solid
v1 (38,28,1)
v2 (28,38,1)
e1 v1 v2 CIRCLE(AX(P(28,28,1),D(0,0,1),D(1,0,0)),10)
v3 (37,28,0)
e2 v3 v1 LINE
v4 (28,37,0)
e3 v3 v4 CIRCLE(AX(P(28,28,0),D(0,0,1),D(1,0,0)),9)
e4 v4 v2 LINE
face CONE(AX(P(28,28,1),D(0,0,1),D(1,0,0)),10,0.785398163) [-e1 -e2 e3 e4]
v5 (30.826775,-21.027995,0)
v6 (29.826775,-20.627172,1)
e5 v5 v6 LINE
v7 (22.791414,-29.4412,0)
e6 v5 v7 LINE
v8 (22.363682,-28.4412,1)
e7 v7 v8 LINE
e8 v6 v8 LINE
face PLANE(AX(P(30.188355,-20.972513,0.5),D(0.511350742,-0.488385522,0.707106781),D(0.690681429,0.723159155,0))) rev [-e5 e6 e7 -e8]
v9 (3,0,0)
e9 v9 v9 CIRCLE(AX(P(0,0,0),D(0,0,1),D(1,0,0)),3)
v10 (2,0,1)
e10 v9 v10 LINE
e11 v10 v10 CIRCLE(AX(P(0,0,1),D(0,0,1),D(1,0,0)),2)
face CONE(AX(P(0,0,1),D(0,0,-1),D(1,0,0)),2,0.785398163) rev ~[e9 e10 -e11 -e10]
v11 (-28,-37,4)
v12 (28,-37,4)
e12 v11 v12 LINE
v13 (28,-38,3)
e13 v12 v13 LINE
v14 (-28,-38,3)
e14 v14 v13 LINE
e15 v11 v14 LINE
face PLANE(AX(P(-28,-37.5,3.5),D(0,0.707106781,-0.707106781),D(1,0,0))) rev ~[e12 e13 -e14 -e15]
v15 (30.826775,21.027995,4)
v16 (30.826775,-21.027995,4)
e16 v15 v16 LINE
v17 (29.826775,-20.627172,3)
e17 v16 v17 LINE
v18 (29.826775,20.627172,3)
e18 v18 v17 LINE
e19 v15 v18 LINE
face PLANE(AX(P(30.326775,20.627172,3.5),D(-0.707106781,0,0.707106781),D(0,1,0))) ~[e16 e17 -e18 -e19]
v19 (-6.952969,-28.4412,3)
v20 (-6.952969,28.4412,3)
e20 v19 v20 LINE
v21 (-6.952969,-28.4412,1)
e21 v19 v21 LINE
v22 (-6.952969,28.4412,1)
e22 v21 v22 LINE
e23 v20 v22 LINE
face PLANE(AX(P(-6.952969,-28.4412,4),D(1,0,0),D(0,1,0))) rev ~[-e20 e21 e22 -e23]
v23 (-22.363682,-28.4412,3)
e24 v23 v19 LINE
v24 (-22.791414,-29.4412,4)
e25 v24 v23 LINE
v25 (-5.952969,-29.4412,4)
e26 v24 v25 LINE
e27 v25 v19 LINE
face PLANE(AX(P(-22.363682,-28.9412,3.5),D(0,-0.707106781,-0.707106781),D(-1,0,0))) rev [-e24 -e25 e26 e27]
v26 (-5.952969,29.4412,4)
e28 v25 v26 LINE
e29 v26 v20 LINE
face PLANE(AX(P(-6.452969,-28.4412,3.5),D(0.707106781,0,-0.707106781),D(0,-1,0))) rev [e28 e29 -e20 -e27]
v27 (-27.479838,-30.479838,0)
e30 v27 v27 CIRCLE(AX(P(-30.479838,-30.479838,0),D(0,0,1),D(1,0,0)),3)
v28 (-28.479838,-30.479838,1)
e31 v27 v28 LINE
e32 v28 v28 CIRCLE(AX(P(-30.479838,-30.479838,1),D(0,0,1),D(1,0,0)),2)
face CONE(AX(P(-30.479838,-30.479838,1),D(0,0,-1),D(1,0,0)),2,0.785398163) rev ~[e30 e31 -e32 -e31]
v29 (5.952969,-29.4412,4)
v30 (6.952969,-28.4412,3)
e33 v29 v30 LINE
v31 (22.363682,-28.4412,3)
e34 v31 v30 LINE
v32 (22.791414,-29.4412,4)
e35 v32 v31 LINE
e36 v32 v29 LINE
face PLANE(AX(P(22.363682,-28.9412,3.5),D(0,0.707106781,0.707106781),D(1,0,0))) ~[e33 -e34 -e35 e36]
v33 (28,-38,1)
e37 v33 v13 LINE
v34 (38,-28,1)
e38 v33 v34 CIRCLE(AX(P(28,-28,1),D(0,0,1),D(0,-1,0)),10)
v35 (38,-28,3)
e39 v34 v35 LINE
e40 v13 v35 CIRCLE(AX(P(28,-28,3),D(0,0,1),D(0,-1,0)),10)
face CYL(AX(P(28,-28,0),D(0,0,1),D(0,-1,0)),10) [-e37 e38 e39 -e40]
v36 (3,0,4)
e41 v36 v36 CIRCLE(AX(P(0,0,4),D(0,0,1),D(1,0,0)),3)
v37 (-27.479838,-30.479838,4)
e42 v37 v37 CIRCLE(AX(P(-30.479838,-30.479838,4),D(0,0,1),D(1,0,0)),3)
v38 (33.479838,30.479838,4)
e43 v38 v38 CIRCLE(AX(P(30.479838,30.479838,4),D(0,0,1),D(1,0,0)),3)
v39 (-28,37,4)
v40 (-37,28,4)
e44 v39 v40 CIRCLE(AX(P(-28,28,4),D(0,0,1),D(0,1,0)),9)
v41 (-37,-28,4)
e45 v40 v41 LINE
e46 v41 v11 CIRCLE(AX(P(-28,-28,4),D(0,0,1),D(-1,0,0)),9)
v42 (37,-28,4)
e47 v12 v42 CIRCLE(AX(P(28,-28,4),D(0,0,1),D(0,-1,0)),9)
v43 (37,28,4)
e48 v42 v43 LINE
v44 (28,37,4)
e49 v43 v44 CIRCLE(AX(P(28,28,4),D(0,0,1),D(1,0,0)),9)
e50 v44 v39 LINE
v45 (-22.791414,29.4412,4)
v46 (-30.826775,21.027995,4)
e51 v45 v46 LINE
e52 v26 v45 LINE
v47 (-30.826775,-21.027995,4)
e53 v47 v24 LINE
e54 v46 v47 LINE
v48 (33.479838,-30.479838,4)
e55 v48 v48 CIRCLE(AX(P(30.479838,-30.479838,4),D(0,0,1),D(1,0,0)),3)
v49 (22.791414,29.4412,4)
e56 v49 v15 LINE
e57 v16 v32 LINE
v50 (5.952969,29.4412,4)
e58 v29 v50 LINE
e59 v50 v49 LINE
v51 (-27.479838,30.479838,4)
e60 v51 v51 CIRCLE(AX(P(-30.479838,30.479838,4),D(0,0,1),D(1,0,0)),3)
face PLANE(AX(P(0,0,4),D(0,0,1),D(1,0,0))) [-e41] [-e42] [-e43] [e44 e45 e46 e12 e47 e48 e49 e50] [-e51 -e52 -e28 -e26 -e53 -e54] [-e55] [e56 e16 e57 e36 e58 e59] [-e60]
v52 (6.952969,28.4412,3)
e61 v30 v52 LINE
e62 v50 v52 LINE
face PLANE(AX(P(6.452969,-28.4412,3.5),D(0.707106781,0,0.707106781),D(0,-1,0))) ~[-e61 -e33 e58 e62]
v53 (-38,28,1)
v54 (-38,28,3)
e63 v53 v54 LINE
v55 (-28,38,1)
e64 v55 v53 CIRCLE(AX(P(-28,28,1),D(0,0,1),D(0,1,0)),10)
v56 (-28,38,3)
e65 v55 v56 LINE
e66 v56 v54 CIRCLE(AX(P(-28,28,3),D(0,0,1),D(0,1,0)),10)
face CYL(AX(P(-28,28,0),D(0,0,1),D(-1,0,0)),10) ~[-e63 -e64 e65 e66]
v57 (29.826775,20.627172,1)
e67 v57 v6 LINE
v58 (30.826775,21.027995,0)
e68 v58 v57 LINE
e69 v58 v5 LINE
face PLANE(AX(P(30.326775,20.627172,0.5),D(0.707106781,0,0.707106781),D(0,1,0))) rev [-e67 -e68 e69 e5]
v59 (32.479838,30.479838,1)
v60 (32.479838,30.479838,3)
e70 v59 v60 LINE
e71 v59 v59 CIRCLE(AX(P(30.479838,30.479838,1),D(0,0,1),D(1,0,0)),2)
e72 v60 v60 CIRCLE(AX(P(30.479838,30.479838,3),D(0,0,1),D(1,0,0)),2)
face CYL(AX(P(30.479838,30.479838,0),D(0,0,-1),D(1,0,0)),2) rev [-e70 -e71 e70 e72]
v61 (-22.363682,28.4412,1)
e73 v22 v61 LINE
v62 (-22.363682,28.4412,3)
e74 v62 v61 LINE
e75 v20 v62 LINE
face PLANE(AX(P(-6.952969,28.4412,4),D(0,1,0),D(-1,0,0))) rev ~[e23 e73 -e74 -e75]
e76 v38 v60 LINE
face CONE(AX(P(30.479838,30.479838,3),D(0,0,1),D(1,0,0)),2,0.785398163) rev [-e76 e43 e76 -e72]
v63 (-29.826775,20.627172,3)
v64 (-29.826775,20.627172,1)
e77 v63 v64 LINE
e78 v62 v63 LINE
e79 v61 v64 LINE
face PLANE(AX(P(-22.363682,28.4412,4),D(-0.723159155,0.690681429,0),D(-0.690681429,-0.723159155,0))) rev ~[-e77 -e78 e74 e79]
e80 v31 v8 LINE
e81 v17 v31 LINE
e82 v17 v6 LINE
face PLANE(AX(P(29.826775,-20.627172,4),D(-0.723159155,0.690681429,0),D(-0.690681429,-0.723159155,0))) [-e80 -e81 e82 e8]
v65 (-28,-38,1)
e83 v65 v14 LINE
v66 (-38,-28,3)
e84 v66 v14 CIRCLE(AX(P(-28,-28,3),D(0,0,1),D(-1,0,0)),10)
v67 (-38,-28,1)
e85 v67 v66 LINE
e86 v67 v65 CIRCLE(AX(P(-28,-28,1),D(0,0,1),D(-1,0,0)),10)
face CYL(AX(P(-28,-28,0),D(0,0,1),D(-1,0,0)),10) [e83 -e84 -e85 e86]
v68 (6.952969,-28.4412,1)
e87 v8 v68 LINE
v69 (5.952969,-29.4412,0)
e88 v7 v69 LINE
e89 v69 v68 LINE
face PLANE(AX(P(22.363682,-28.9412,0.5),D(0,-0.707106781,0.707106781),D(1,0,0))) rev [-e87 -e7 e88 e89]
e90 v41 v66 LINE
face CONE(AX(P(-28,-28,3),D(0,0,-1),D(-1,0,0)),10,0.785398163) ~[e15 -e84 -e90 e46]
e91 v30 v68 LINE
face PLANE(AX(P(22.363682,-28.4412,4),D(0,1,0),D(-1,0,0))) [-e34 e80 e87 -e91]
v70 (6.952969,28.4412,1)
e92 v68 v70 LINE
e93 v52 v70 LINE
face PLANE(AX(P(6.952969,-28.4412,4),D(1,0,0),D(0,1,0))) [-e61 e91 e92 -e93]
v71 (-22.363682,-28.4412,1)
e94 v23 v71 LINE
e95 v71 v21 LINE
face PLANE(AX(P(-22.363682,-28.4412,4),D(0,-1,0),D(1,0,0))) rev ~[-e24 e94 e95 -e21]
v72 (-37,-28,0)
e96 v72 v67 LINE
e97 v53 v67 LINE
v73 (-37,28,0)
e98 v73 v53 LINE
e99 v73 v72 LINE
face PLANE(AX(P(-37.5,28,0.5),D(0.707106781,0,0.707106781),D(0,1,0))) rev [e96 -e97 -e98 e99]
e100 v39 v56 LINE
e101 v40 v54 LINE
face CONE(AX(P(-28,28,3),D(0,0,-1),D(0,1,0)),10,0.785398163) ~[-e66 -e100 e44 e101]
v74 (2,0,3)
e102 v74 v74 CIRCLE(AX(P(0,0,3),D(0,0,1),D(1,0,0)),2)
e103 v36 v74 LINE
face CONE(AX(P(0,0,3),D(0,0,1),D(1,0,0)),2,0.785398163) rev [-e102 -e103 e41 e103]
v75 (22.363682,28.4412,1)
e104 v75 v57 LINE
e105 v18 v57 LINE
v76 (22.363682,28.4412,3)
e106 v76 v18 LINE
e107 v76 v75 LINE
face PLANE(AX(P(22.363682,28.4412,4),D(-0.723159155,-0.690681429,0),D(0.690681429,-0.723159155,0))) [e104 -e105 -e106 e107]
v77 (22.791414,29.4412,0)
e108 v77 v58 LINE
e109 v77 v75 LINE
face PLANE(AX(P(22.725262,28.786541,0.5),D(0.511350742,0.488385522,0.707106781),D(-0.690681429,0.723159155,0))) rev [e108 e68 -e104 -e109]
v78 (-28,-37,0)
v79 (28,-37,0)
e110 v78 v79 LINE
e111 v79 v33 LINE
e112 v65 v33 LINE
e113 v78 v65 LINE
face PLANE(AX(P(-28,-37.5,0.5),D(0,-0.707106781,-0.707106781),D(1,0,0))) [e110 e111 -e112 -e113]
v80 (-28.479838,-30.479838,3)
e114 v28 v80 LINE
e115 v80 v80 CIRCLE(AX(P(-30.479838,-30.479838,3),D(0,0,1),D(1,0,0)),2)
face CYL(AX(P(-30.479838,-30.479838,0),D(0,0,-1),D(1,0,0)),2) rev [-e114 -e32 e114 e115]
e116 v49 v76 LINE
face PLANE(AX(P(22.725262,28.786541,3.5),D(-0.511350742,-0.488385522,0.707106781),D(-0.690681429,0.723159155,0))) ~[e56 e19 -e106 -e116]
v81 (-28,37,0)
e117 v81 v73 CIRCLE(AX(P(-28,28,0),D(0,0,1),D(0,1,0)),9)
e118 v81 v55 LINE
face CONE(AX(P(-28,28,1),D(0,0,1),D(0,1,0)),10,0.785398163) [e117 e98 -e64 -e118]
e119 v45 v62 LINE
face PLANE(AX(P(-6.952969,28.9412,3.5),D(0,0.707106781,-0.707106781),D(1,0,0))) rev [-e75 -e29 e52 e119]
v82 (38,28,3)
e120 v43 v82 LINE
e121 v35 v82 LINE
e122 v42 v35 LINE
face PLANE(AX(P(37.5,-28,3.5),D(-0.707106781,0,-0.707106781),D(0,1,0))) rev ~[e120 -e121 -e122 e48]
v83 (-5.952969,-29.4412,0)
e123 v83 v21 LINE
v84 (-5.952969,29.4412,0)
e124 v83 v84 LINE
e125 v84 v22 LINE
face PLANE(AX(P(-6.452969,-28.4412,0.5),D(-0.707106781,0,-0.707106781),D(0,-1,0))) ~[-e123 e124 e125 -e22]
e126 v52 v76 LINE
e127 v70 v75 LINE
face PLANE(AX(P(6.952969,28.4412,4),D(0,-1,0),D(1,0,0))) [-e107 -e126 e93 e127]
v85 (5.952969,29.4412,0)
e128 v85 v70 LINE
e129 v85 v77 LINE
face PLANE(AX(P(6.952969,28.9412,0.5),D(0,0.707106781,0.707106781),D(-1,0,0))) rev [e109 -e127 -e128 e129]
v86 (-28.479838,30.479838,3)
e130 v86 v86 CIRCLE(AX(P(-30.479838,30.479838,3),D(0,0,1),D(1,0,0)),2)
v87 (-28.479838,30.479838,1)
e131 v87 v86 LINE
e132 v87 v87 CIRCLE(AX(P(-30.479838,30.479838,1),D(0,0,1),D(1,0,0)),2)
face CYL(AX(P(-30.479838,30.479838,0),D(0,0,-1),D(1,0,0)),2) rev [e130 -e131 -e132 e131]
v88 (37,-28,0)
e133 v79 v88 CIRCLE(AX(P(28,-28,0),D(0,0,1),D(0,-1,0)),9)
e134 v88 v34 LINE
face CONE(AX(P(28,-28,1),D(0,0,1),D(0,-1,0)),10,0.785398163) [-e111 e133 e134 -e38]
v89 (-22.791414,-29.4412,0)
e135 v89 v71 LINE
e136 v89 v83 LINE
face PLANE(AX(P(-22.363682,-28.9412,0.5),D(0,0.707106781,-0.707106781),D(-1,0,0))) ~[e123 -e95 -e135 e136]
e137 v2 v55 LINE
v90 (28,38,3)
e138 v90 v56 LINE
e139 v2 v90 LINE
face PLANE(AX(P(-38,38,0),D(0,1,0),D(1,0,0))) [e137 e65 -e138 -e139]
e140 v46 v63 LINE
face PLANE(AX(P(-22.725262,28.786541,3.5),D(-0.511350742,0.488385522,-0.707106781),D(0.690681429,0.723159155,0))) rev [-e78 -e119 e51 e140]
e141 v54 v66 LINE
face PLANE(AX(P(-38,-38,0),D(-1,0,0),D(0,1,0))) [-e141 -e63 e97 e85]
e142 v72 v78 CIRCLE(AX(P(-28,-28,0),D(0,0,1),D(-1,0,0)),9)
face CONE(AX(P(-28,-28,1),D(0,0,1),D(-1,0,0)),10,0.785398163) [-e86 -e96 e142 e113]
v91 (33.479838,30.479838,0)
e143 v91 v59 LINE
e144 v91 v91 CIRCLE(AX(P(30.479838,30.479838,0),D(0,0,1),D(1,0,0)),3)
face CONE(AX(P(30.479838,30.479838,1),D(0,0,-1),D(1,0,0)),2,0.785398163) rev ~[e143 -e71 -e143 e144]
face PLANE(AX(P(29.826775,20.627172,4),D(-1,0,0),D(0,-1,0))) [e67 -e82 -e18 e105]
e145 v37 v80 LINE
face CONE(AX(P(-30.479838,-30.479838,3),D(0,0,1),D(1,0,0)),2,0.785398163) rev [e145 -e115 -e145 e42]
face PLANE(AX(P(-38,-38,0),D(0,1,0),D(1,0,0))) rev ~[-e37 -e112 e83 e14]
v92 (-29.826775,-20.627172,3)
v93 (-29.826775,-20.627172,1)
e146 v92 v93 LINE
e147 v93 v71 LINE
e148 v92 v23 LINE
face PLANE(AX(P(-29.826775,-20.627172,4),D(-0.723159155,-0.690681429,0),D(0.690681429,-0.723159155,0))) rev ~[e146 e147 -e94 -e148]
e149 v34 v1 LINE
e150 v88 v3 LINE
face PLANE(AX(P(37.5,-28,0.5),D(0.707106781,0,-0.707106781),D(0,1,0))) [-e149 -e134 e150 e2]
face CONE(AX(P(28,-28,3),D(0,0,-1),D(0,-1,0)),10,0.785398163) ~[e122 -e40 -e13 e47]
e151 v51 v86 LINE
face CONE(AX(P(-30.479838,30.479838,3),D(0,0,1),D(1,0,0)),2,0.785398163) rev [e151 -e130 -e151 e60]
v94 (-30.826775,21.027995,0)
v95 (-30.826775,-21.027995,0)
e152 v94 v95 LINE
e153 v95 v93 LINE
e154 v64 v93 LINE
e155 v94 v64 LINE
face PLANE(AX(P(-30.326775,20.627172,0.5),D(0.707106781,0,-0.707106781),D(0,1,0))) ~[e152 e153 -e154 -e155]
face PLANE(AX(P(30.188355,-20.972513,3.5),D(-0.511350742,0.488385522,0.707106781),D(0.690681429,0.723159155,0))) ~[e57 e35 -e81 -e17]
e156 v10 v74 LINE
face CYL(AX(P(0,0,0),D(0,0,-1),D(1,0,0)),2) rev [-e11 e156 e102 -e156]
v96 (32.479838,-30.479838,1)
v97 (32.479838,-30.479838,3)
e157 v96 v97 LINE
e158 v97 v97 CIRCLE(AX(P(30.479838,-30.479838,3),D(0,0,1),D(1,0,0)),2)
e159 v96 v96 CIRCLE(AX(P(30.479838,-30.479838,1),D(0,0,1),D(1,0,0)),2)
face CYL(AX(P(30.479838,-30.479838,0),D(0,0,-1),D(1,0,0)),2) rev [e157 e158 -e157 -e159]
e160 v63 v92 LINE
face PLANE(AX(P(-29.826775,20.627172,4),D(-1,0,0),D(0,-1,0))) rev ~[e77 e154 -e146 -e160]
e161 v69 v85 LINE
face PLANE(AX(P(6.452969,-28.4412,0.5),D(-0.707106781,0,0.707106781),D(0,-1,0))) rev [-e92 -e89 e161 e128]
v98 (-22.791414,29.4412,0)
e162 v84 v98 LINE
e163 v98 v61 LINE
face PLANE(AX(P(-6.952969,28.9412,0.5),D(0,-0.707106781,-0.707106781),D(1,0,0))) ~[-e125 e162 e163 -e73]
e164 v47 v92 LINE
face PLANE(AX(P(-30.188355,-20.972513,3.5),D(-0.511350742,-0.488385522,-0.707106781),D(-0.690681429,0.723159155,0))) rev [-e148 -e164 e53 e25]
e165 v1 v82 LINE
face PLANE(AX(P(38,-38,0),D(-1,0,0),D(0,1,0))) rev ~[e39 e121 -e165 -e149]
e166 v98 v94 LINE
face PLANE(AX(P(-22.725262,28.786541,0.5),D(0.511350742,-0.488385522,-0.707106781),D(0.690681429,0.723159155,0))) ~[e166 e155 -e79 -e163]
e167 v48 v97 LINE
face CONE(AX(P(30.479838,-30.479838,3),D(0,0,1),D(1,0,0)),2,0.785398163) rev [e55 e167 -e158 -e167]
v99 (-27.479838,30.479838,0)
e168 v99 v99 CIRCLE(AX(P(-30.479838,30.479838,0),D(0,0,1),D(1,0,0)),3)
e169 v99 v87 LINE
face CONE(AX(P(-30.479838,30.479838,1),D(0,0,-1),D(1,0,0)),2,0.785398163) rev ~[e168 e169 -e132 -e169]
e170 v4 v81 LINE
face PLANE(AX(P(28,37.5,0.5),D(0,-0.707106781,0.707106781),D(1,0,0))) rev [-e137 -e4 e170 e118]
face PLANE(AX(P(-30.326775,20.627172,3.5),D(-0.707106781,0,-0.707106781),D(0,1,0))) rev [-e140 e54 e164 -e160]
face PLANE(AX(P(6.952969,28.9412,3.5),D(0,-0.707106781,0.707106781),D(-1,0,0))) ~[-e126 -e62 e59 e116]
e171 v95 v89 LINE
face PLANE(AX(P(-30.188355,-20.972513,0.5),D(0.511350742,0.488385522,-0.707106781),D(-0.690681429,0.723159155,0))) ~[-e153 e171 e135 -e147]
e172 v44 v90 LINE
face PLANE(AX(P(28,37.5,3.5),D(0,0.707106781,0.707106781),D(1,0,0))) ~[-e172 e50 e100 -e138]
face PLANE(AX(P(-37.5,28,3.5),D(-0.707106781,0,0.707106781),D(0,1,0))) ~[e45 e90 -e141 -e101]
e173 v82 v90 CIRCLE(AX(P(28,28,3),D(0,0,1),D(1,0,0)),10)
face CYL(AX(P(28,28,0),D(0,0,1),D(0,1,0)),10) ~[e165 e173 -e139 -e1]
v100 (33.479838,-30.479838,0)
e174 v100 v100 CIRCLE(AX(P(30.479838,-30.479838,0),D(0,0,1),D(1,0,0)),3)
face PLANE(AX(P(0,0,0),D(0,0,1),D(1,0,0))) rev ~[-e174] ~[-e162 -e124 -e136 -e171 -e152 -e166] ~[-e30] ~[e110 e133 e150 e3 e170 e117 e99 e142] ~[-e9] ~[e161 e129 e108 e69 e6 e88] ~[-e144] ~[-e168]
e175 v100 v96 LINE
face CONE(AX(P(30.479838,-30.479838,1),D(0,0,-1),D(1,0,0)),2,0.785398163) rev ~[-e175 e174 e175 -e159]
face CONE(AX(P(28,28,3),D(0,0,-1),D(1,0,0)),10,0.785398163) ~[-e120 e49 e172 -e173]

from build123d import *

# Parameters (mm, degrees)
SKETCH001_W  = 76
SKETCH001_H  = 76
SKETCH001_R  = 2
PAD_DEPTH    = 4
POCKET_DEPTH = 5
FILLET_R     = 10
CHAMFER_SIZE = 1


with BuildPart() as part:
    # Sketch001 → Pad (new body)
    with BuildSketch(Plane.XY):
        Rectangle(SKETCH001_W, SKETCH001_H)
        with Locations((-30.479838, 30.479838)):
            Circle(SKETCH001_R, mode=Mode.SUBTRACT)
        with Locations((30.479838, 30.479838)):
            Circle(SKETCH001_R, mode=Mode.SUBTRACT)
        with Locations((30.479838, -30.479838)):
            Circle(SKETCH001_R, mode=Mode.SUBTRACT)
        with Locations((-30.479838, -30.479838)):
            Circle(SKETCH001_R, mode=Mode.SUBTRACT)
        Circle(SKETCH001_R, mode=Mode.SUBTRACT)
    extrude(amount=PAD_DEPTH)

    # Sketch (on Face11 of Pad) → Pocket (cut)
    with BuildSketch(Plane.XY.offset(4)):
        Polygon((-29.826775, 20.627172), (-29.826775, -20.627172), (-22.363682, -28.4412), (-6.952969, -28.4412), (-6.952969, 28.4412), (-22.363682, 28.4412), align=None)
        Polygon((29.826775, 20.627172), (29.826775, -20.627172), (22.363682, -28.4412), (6.952969, -28.4412), (6.952969, 28.4412), (22.363682, 28.4412), align=None)
    extrude(amount=-POCKET_DEPTH, mode=Mode.SUBTRACT)

    # Fillet
    fillet_edges = [part.edges().sort_by_distance(p)[0] for p in [
        (38, -38, 2),
        (-38, -38, 2),
        (-38, 38, 2),
        (38, 38, 2),
    ]]
    fillet(fillet_edges, radius=FILLET_R)

    # Chamfer
    chamfer_edges = [part.edges().sort_by_distance(p)[0] for p in [
        (38, 0, 4),
        (35.071068, -35.071068, 4),
        (35.071068, 35.071068, 4),
        (0, -38, 4),
        (0, 38, 4),
        (-35.071068, -35.071068, 4),
        (-35.071068, 35.071068, 4),
        (-38, 0, 4),
        (-32.479838, -30.479838, 4),
        (28.479838, -30.479838, 4),
        (-29.826775, 0, 4),
        (-26.095228, -24.534186, 4),
        (-14.658325, -28.4412, 4),
        (-6.952969, 0, 4),
        (-14.658325, 28.4412, 4),
        (-26.095228, 24.534186, 4),
        (-32.479838, 30.479838, 4),
        (-2, 0, 4),
        (26.095228, 24.534186, 4),
        (14.658325, 28.4412, 4),
        (6.952969, 0, 4),
        (14.658325, -28.4412, 4),
        (26.095228, -24.534186, 4),
        (29.826775, 0, 4),
        (28.479838, 30.479838, 4),
        (38, 0, 0),
        (35.071068, -35.071068, 0),
        (35.071068, 35.071068, 0),
        (0, -38, 0),
        (0, 38, 0),
        (-35.071068, -35.071068, 0),
        (-35.071068, 35.071068, 0),
        (-38, 0, 0),
        (-32.479838, -30.479838, 0),
        (28.479838, -30.479838, 0),
        (-29.826775, 0, 0),
        (-26.095228, -24.534186, 0),
        (-14.658325, -28.4412, 0),
        (-6.952969, 0, 0),
        (-14.658325, 28.4412, 0),
        (-26.095228, 24.534186, 0),
        (-32.479838, 30.479838, 0),
        (-2, 0, 0),
        (26.095228, 24.534186, 0),
        (14.658325, 28.4412, 0),
        (6.952969, 0, 0),
        (14.658325, -28.4412, 0),
        (26.095228, -24.534186, 0),
        (29.826775, 0, 0),
        (28.479838, 30.479838, 0),
    ]]
    chamfer(chamfer_edges, length=CHAMFER_SIZE)


solid = part.part
